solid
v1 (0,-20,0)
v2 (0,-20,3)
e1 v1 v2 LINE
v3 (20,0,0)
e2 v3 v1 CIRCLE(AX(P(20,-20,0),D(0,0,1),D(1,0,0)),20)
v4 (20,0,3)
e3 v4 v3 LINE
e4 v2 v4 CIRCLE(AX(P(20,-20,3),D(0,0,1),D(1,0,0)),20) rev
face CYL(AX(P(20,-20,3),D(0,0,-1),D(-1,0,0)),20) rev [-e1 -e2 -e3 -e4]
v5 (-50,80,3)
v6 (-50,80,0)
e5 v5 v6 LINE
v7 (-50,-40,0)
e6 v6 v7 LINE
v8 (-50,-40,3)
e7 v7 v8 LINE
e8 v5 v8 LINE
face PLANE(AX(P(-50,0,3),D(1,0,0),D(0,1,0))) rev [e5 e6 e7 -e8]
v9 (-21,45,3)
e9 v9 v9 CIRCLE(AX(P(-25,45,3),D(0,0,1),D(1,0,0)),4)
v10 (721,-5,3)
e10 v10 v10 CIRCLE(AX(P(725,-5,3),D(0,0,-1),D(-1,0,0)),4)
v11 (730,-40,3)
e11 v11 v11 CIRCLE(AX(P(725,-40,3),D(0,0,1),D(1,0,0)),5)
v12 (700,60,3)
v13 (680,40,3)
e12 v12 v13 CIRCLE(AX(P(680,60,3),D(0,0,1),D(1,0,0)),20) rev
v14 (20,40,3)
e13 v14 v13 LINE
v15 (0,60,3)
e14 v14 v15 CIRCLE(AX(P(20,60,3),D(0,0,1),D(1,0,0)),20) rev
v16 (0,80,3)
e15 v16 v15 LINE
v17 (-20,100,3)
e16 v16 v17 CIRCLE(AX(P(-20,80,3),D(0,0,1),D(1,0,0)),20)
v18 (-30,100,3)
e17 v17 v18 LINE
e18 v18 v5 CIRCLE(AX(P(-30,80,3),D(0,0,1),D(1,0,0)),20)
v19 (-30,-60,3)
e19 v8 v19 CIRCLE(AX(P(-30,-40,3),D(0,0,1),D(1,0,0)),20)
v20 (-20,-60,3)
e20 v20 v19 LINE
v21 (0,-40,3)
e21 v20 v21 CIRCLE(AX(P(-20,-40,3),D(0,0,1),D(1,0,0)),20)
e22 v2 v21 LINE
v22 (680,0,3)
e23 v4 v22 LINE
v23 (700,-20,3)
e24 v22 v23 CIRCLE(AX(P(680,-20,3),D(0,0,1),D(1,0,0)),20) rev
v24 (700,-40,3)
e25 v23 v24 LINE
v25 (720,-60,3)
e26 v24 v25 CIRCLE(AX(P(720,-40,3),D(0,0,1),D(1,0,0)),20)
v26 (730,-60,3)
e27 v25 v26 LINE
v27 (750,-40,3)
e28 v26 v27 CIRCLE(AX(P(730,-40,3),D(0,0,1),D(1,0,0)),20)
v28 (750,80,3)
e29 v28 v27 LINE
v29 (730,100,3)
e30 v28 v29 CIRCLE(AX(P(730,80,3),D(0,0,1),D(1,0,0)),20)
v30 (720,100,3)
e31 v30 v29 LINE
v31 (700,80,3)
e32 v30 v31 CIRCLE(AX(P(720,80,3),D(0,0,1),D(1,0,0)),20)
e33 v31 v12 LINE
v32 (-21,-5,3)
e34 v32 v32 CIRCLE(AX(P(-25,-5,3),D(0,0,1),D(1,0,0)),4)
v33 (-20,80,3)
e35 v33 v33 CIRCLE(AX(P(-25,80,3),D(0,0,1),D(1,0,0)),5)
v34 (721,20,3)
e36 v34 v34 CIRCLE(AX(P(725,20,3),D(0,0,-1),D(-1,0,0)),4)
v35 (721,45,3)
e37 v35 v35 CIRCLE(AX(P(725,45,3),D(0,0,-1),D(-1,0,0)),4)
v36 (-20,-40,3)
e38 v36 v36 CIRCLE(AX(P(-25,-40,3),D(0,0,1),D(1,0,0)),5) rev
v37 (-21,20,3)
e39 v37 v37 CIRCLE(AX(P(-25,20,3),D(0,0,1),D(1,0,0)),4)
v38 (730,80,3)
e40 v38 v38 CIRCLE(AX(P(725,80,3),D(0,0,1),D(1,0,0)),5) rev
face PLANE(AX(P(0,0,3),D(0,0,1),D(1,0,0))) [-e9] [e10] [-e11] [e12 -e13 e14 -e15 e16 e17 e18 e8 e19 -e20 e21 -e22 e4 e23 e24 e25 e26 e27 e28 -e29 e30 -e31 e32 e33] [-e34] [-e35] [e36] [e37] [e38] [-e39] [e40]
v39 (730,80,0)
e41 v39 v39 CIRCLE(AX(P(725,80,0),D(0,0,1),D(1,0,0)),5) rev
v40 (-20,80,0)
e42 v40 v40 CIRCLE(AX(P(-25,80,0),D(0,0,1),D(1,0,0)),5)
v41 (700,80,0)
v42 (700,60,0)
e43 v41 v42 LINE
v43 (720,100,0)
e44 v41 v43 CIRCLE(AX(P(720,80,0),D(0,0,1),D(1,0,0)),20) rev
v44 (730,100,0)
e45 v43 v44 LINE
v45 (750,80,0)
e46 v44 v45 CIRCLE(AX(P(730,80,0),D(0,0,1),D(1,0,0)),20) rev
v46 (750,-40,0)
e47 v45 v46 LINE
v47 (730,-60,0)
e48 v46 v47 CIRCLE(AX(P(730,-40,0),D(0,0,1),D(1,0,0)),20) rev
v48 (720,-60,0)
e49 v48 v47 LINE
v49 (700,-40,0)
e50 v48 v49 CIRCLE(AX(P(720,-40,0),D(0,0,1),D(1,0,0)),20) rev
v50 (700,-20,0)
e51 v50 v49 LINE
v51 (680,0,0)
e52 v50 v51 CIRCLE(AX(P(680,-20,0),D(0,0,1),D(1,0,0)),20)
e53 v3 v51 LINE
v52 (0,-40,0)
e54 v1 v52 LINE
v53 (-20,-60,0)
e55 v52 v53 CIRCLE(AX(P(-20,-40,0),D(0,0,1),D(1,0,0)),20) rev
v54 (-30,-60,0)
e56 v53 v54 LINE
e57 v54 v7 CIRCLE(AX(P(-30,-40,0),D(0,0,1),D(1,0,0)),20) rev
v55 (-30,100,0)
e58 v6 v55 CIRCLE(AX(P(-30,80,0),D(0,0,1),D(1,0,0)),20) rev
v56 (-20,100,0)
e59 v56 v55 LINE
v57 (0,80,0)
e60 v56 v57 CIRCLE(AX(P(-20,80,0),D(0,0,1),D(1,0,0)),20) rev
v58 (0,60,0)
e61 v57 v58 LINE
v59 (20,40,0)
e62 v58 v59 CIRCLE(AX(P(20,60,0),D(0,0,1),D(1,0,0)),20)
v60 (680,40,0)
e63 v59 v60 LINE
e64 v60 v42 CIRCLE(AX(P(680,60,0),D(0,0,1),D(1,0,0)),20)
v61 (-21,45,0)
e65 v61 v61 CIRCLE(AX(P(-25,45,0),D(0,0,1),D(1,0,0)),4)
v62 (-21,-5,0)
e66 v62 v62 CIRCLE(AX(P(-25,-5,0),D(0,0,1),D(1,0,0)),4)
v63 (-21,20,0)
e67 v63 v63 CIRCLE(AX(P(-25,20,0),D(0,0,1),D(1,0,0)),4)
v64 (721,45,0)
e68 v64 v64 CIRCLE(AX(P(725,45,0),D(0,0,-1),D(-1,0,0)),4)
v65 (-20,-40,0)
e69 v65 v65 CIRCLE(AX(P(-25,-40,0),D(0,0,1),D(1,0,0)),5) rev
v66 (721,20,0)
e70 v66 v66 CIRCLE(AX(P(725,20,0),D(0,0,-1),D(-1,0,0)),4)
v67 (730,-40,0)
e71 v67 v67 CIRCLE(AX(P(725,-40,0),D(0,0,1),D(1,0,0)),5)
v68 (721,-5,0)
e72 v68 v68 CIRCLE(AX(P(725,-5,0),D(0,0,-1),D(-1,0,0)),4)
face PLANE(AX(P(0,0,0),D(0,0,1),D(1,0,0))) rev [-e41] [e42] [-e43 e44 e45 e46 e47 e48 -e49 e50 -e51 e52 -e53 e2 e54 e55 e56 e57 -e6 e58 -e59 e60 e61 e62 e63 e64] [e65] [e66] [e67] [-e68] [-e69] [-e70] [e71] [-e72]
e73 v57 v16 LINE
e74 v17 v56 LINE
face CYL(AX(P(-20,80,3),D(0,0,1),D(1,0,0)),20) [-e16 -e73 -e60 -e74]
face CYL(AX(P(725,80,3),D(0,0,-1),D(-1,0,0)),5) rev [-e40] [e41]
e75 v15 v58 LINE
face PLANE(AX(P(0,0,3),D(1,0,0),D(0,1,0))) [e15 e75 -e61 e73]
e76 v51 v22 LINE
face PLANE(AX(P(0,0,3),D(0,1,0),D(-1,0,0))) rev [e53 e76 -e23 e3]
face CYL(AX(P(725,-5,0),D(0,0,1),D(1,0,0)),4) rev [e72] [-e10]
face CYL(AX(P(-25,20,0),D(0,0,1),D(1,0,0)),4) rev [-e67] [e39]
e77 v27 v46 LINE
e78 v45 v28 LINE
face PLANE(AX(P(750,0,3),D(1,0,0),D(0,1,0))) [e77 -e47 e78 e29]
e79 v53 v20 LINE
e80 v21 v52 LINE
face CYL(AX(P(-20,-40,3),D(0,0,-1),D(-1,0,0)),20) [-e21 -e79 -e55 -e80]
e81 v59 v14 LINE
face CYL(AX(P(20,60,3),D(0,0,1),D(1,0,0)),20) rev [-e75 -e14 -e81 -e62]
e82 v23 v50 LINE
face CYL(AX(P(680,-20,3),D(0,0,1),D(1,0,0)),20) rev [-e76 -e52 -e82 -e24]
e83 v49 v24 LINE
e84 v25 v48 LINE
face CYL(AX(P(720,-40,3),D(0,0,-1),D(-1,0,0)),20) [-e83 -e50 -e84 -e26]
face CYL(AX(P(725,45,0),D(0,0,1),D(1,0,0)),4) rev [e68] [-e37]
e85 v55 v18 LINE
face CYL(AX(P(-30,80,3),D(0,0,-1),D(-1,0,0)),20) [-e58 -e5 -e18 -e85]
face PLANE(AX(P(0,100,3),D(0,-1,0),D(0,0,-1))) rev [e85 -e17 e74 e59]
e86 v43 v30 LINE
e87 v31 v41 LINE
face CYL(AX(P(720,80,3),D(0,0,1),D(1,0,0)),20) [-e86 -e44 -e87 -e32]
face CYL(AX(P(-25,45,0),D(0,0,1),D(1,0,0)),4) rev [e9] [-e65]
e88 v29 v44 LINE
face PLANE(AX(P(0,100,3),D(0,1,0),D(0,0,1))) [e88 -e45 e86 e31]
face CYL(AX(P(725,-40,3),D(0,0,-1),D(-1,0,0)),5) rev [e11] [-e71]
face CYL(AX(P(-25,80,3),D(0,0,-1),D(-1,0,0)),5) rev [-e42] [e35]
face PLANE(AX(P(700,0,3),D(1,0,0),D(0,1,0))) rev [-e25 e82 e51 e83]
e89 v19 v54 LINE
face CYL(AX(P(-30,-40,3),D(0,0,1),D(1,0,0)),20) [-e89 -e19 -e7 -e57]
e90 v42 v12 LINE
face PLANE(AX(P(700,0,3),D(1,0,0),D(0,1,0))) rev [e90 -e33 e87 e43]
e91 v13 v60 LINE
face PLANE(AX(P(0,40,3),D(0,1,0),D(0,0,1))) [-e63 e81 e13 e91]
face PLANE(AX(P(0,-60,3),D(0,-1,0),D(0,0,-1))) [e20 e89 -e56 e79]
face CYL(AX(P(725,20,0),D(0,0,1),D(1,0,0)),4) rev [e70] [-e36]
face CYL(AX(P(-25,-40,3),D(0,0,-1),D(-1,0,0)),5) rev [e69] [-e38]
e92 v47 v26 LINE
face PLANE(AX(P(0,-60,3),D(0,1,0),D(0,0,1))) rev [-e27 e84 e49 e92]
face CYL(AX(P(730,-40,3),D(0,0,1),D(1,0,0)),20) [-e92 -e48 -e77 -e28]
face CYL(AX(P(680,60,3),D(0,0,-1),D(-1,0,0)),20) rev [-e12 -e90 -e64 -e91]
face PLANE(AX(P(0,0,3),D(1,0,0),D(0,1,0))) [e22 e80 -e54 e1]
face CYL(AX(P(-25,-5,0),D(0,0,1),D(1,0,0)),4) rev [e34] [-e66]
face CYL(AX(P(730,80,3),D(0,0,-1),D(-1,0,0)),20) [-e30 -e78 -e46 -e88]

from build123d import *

# Parameters (mm, degrees)
SKETCH1_W           = 700
SKETCH1_H           = 40
SKETCH1_W_2         = 50
SKETCH1_H_2         = 160
SKETCH1_R           = 5
BOSS_EXTRUDE1_DEPTH = 3
FILLET1_R           = 20
SKETCH2_R           = 4
CUT_EXTRUDE1_DEPTH  = 757.643244865


with BuildPart() as part:
    # Sketch1 → Boss-Extrude1 (new body)
    # profile 1 of 3: a face of its own
    with BuildSketch(Plane.XY):
        with Locations((350, 20)):
            Rectangle(SKETCH1_W, SKETCH1_H)
    # profile 2 of 3: a face of its own
    with BuildSketch(Plane.XY):
        with Locations((-25, 20)):
            Rectangle(SKETCH1_W_2, SKETCH1_H_2)
        with Locations((-25, 80)):
            Circle(SKETCH1_R, mode=Mode.SUBTRACT)
        with Locations((-25, -40)):
            Circle(SKETCH1_R, mode=Mode.SUBTRACT)
    # profile 3 of 3: a face of its own
    with BuildSketch(Plane.XY):
        with Locations((725, 20)):
            Rectangle(SKETCH1_W_2, SKETCH1_H_2)
        with Locations((725, 80)):
            Circle(SKETCH1_R, mode=Mode.SUBTRACT)
        with Locations((725, -40)):
            Circle(SKETCH1_R, mode=Mode.SUBTRACT)
    extrude(amount=BOSS_EXTRUDE1_DEPTH)

    # Fillet1
    fillet1_edges = [part.edges().sort_by_distance(p)[0] for p in [
        (0, 0, 1.5),
        (0, -60, 1.5),
        (-50, -60, 1.5),
        (-50, 100, 1.5),
        (0, 100, 1.5),
        (0, 40, 1.5),
        (700, 40, 1.5),
        (700, 100, 1.5),
        (750, 100, 1.5),
        (750, -60, 1.5),
        (700, -60, 1.5),
        (700, 0, 1.5),
    ]]
    fillet(fillet1_edges, radius=FILLET1_R)

    # Sketch2 → Cut-Extrude1 (cut, through all)
    with BuildSketch(Plane.XY.offset(3)):
        with Locations((-25, 45)):
            Circle(SKETCH2_R)
        with Locations((-25, -5)):
            Circle(SKETCH2_R)
        with Locations((-25, 20)):
            Circle(SKETCH2_R)
        with Locations(Location((725, 20, 0), (0, 0, 180))):
            Circle(SKETCH2_R)
        with Locations(Location((725, -5, 0), (0, 0, 180))):
            Circle(SKETCH2_R)
        with Locations(Location((725, 45, 0), (0, 0, 180))):
            Circle(SKETCH2_R)
    extrude(amount=-CUT_EXTRUDE1_DEPTH, mode=Mode.SUBTRACT)


solid = part.part
